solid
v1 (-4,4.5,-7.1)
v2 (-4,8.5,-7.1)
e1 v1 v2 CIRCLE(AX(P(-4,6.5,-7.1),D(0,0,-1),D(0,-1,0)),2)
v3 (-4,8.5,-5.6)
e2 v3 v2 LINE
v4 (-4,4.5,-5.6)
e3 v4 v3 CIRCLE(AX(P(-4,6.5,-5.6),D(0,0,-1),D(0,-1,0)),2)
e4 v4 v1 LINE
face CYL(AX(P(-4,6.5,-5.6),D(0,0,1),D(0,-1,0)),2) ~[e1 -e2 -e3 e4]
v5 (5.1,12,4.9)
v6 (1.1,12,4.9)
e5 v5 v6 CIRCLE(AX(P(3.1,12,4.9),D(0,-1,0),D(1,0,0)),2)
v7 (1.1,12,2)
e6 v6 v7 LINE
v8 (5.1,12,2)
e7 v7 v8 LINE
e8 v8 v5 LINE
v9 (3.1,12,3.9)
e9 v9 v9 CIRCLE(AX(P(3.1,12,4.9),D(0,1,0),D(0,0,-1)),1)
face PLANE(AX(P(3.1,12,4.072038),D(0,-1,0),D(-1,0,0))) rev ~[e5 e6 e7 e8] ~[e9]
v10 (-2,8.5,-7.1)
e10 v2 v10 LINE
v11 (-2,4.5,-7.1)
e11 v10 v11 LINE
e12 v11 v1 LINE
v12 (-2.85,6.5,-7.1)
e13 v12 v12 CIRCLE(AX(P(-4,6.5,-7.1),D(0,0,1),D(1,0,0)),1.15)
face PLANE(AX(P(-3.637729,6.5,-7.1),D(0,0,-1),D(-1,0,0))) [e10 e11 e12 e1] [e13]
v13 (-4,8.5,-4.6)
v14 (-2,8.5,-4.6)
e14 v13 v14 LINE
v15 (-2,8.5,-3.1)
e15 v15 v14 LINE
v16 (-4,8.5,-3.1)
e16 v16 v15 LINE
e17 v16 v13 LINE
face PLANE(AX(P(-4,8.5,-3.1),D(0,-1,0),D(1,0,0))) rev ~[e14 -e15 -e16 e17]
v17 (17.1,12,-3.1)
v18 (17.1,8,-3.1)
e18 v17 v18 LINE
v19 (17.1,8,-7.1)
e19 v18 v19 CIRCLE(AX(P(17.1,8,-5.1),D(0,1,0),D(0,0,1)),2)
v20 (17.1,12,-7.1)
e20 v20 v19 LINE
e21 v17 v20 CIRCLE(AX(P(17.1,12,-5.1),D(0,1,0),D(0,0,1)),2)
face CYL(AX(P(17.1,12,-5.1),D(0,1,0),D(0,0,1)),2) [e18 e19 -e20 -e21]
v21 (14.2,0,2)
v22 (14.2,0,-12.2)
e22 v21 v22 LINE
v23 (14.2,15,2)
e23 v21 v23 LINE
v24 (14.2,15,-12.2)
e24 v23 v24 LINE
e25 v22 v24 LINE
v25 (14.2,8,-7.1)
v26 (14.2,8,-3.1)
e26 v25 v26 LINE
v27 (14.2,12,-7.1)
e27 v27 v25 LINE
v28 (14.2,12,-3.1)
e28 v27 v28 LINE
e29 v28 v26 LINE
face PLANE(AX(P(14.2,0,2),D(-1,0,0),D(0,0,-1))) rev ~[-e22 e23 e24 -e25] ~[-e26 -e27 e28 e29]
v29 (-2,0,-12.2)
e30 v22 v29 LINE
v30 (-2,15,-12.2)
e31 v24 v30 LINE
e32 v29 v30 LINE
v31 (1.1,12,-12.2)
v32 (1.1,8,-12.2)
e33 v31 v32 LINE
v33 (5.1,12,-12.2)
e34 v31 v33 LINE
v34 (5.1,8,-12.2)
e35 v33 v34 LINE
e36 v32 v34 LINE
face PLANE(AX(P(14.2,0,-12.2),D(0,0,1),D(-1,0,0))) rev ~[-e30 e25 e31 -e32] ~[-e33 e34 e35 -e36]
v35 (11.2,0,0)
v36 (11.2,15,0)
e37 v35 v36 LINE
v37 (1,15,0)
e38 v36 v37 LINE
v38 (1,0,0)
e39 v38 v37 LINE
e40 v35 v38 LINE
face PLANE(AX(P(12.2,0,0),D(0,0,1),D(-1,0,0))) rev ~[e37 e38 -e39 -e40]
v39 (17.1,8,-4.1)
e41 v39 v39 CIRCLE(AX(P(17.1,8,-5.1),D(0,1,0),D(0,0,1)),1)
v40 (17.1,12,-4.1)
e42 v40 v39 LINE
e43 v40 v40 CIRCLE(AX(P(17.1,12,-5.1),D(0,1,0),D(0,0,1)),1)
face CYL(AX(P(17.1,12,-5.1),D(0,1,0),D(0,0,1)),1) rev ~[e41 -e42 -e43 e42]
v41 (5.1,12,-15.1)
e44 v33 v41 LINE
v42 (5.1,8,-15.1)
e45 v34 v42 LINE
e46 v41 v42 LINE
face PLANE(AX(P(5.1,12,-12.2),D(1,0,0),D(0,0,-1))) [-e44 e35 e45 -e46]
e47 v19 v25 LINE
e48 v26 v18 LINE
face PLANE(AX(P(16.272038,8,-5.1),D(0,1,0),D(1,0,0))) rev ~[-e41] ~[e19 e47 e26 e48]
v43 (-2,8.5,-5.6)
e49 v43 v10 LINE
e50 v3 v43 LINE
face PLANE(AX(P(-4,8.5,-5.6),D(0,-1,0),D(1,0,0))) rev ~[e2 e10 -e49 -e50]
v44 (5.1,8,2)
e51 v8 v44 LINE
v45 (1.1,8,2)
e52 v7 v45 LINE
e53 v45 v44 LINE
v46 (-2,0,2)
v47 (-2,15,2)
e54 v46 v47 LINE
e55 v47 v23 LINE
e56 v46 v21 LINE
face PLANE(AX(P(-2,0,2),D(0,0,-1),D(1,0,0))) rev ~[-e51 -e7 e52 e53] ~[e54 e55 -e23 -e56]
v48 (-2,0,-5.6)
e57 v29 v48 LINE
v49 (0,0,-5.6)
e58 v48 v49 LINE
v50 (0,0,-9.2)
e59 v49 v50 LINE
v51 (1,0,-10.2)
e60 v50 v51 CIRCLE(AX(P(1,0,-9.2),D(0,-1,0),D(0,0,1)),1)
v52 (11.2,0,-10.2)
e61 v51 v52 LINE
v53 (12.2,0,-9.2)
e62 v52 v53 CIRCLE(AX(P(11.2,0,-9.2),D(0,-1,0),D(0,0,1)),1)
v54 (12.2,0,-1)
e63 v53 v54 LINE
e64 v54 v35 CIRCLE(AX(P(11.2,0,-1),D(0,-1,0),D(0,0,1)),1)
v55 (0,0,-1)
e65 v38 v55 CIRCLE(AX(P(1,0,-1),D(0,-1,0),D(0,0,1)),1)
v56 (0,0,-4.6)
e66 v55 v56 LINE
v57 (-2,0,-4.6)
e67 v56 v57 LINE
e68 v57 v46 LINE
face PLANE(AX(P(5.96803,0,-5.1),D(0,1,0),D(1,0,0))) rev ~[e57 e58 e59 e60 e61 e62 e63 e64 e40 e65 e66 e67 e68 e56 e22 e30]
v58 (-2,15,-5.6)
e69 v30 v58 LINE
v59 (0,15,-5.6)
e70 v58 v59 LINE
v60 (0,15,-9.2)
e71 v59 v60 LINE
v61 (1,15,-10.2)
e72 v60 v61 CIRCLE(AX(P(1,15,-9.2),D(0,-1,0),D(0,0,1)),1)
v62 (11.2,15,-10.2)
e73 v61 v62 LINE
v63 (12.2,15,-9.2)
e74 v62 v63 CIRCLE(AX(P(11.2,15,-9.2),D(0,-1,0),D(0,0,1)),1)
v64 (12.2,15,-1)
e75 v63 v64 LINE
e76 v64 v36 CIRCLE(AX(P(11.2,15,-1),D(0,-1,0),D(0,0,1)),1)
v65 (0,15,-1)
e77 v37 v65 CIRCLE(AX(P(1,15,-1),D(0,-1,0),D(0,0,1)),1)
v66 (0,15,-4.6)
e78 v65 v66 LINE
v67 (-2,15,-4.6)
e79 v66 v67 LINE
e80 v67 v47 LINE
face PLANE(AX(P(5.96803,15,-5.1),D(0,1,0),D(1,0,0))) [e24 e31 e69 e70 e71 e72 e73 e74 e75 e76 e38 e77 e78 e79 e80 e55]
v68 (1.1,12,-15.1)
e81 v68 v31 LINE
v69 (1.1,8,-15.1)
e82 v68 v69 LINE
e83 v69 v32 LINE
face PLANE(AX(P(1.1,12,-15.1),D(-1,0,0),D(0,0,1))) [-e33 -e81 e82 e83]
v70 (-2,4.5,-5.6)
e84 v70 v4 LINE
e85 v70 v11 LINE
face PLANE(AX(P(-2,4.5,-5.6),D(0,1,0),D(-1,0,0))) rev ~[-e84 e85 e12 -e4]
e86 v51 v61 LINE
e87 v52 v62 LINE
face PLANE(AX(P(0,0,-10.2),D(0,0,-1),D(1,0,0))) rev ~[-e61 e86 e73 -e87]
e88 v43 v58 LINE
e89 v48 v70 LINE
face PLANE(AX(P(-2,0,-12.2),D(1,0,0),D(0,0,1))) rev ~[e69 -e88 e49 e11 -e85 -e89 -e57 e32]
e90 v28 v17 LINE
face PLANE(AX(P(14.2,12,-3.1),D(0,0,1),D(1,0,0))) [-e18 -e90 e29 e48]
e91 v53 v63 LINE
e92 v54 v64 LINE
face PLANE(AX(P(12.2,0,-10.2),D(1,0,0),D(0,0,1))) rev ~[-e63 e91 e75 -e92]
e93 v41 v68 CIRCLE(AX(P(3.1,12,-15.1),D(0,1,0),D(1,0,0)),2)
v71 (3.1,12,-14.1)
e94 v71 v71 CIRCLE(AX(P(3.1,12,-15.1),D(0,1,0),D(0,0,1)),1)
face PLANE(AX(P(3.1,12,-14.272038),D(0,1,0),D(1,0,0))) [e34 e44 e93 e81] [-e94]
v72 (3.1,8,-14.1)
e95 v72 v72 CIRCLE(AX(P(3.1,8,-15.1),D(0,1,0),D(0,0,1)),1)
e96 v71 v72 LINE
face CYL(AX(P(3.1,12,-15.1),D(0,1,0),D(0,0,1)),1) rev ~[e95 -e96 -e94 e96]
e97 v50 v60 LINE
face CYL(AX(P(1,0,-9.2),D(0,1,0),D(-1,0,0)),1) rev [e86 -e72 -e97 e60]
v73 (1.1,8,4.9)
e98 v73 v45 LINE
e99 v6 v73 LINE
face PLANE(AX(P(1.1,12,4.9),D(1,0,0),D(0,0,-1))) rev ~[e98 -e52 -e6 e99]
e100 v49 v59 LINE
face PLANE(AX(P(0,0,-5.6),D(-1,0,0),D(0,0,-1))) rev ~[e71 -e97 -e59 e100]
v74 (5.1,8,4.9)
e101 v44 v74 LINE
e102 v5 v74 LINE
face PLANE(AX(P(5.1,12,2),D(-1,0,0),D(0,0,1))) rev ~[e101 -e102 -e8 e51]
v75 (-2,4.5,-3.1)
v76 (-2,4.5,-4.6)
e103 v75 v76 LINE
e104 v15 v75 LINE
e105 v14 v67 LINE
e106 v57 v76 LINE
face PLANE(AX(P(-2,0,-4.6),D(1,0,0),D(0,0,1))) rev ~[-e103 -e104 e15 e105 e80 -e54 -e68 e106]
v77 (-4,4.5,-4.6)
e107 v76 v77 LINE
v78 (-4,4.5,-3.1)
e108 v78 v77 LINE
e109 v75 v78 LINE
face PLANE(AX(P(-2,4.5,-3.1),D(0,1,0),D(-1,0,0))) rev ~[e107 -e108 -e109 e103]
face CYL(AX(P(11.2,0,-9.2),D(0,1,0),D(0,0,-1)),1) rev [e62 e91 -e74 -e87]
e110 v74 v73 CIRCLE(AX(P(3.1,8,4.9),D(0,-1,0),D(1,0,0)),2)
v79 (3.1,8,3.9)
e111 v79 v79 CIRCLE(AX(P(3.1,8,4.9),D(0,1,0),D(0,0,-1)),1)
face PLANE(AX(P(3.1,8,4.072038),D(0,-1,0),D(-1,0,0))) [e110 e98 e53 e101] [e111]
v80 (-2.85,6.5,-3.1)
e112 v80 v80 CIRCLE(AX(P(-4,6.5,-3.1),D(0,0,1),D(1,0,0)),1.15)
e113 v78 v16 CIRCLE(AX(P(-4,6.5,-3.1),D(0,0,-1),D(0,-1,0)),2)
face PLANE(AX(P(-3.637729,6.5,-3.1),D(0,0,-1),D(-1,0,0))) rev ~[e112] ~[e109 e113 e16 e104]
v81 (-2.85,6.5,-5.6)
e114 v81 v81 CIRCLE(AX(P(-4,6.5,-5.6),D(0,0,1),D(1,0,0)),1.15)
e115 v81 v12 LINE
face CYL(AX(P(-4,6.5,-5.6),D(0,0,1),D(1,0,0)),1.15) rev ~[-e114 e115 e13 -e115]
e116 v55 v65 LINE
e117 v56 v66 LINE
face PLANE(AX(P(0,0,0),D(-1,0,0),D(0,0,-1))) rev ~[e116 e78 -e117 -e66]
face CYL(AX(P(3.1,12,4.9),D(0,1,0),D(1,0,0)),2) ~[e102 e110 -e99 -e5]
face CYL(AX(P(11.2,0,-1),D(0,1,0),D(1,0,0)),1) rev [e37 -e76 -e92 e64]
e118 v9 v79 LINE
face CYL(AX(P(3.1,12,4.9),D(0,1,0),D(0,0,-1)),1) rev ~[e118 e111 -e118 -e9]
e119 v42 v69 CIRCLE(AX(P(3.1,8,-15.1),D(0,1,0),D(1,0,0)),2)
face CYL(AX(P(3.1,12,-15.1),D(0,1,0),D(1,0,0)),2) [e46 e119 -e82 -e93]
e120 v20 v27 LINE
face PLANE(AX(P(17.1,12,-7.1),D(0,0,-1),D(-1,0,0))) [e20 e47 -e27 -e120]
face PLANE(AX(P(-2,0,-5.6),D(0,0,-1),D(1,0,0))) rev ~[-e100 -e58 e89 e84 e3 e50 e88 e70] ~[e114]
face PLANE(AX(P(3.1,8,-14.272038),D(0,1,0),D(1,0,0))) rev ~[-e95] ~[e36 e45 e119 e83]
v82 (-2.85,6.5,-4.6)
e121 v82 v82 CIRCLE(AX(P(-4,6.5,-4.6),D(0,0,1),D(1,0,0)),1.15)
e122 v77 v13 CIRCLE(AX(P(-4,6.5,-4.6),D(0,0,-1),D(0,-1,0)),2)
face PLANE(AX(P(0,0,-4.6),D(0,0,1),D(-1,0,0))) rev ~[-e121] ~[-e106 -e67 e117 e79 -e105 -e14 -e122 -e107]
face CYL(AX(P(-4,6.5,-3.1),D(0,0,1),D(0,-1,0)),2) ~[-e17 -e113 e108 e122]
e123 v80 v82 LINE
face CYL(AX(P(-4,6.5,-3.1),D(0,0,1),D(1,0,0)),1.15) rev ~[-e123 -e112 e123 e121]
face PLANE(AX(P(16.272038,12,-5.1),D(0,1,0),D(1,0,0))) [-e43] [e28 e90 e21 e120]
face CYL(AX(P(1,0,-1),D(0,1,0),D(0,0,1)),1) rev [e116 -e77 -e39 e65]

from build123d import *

# Parameters (mm, degrees)
EXTRUDE_1_DEPTH = 15
SKETCH_2_R      = 1.15
EXTRUDE_2_DEPTH = 1.5
EXTRUDE_START   = 2.5
SKETCH_2_2_R    = 1.15
EXTRUDE_3_DEPTH = 1.5
FILLET_1_R      = 1
SKETCH_4_R      = 1
EXTRUDE_5_DEPTH = 4


with BuildPart() as part:
    # 草图1 → 凸台-拉伸1 (new body)
    with BuildSketch(Plane(origin=(0, 0, 0), x_dir=(1, 0, 0), z_dir=(0, 1, 0))):
        Polygon((-2, -2), (14.2, -2), (14.2, 12.2), (-2, 12.2), (-2, 5.6), (0, 5.6), (0, 10.2), (12.2, 10.2), (12.2, 0), (0, 0), (0, 4.6), (-2, 4.6), align=None)
    extrude(amount=EXTRUDE_1_DEPTH)

    # 草图2 → 凸台-拉伸2 (add)
    with BuildSketch(Plane.XY.offset(-5.6)):
        with BuildLine():
            Line((-4, 8.5), (-2, 8.5))
            Line((-2, 8.5), (-2, 4.5))
            Line((-2, 4.5), (-4, 4.5))
            ThreePointArc((-4, 4.5), (-6, 6.5), (-4, 8.5))
        make_face()
        with Locations((-4, 6.5)):
            Circle(SKETCH_2_R, mode=Mode.SUBTRACT)
    extrude(amount=-EXTRUDE_2_DEPTH)

    # 草图2<2> → 凸台-拉伸3 (add)
    with BuildSketch(Plane.XY.offset(-5.6).offset(EXTRUDE_START)):
        with BuildLine():
            Line((-4, 8.5), (-2, 8.5))
            Line((-2, 8.5), (-2, 4.5))
            Line((-2, 4.5), (-4, 4.5))
            ThreePointArc((-4, 4.5), (-6, 6.5), (-4, 8.5))
        make_face()
        with Locations((-4, 6.5)):
            Circle(SKETCH_2_2_R, mode=Mode.SUBTRACT)
    extrude(amount=-EXTRUDE_3_DEPTH)

    # 圆角1
    fillet_1_edges = [part.edges().sort_by_distance(p)[0] for p in [
        (0, 7.5, 0),
        (12.2, 7.5, 0),
        (12.2, 7.5, -10.2),
        (0, 7.5, -10.2),
    ]]
    fillet(fillet_1_edges, radius=FILLET_1_R)

    # 草图4 → 凸台-拉伸5 (add)
    # profile 1 of 3: a face of its own
    with BuildSketch(Plane(origin=(0, 12, 0), x_dir=(1, 0, 0), z_dir=(0, 1, 0))):
        with BuildLine():
            Line((5.1, -2), (5.1, -4.9))
            ThreePointArc((5.1, -4.9), (3.1, -6.9), (1.1, -4.9))
            Line((1.1, -4.9), (1.1, -2))
            Line((1.1, -2), (5.1, -2))
        make_face()
        with Locations(Location((3.1, -4.9, 0), (0, 0, 90))):
            Circle(SKETCH_4_R, mode=Mode.SUBTRACT)
    # profile 2 of 3: a face of its own
    with BuildSketch(Plane(origin=(0, 12, 0), x_dir=(1, 0, 0), z_dir=(0, 1, 0))):
        with BuildLine():
            Line((1.1, 15.1), (1.1, 12.2))
            Line((1.1, 12.2), (5.1, 12.2))
            Line((5.1, 12.2), (5.1, 15.1))
            ThreePointArc((5.1, 15.1), (3.1, 17.1), (1.1, 15.1))
        make_face()
        with Locations(Location((3.1, 15.1, 0), (0, 0, 270))):
            Circle(SKETCH_4_R, mode=Mode.SUBTRACT)
    # profile 3 of 3: a face of its own
    with BuildSketch(Plane(origin=(0, 12, 0), x_dir=(1, 0, 0), z_dir=(0, 1, 0))):
        with BuildLine():
            Line((17.1, 7.1), (14.2, 7.1))
            Line((14.2, 7.1), (14.2, 3.1))
            Line((14.2, 3.1), (17.1, 3.1))
            ThreePointArc((17.1, 3.1), (19.1, 5.1), (17.1, 7.1))
        make_face()
        with Locations(Location((17.1, 5.1, 0), (0, 0, 270))):
            Circle(SKETCH_4_R, mode=Mode.SUBTRACT)
    extrude(amount=-EXTRUDE_5_DEPTH)


solid = part.part
